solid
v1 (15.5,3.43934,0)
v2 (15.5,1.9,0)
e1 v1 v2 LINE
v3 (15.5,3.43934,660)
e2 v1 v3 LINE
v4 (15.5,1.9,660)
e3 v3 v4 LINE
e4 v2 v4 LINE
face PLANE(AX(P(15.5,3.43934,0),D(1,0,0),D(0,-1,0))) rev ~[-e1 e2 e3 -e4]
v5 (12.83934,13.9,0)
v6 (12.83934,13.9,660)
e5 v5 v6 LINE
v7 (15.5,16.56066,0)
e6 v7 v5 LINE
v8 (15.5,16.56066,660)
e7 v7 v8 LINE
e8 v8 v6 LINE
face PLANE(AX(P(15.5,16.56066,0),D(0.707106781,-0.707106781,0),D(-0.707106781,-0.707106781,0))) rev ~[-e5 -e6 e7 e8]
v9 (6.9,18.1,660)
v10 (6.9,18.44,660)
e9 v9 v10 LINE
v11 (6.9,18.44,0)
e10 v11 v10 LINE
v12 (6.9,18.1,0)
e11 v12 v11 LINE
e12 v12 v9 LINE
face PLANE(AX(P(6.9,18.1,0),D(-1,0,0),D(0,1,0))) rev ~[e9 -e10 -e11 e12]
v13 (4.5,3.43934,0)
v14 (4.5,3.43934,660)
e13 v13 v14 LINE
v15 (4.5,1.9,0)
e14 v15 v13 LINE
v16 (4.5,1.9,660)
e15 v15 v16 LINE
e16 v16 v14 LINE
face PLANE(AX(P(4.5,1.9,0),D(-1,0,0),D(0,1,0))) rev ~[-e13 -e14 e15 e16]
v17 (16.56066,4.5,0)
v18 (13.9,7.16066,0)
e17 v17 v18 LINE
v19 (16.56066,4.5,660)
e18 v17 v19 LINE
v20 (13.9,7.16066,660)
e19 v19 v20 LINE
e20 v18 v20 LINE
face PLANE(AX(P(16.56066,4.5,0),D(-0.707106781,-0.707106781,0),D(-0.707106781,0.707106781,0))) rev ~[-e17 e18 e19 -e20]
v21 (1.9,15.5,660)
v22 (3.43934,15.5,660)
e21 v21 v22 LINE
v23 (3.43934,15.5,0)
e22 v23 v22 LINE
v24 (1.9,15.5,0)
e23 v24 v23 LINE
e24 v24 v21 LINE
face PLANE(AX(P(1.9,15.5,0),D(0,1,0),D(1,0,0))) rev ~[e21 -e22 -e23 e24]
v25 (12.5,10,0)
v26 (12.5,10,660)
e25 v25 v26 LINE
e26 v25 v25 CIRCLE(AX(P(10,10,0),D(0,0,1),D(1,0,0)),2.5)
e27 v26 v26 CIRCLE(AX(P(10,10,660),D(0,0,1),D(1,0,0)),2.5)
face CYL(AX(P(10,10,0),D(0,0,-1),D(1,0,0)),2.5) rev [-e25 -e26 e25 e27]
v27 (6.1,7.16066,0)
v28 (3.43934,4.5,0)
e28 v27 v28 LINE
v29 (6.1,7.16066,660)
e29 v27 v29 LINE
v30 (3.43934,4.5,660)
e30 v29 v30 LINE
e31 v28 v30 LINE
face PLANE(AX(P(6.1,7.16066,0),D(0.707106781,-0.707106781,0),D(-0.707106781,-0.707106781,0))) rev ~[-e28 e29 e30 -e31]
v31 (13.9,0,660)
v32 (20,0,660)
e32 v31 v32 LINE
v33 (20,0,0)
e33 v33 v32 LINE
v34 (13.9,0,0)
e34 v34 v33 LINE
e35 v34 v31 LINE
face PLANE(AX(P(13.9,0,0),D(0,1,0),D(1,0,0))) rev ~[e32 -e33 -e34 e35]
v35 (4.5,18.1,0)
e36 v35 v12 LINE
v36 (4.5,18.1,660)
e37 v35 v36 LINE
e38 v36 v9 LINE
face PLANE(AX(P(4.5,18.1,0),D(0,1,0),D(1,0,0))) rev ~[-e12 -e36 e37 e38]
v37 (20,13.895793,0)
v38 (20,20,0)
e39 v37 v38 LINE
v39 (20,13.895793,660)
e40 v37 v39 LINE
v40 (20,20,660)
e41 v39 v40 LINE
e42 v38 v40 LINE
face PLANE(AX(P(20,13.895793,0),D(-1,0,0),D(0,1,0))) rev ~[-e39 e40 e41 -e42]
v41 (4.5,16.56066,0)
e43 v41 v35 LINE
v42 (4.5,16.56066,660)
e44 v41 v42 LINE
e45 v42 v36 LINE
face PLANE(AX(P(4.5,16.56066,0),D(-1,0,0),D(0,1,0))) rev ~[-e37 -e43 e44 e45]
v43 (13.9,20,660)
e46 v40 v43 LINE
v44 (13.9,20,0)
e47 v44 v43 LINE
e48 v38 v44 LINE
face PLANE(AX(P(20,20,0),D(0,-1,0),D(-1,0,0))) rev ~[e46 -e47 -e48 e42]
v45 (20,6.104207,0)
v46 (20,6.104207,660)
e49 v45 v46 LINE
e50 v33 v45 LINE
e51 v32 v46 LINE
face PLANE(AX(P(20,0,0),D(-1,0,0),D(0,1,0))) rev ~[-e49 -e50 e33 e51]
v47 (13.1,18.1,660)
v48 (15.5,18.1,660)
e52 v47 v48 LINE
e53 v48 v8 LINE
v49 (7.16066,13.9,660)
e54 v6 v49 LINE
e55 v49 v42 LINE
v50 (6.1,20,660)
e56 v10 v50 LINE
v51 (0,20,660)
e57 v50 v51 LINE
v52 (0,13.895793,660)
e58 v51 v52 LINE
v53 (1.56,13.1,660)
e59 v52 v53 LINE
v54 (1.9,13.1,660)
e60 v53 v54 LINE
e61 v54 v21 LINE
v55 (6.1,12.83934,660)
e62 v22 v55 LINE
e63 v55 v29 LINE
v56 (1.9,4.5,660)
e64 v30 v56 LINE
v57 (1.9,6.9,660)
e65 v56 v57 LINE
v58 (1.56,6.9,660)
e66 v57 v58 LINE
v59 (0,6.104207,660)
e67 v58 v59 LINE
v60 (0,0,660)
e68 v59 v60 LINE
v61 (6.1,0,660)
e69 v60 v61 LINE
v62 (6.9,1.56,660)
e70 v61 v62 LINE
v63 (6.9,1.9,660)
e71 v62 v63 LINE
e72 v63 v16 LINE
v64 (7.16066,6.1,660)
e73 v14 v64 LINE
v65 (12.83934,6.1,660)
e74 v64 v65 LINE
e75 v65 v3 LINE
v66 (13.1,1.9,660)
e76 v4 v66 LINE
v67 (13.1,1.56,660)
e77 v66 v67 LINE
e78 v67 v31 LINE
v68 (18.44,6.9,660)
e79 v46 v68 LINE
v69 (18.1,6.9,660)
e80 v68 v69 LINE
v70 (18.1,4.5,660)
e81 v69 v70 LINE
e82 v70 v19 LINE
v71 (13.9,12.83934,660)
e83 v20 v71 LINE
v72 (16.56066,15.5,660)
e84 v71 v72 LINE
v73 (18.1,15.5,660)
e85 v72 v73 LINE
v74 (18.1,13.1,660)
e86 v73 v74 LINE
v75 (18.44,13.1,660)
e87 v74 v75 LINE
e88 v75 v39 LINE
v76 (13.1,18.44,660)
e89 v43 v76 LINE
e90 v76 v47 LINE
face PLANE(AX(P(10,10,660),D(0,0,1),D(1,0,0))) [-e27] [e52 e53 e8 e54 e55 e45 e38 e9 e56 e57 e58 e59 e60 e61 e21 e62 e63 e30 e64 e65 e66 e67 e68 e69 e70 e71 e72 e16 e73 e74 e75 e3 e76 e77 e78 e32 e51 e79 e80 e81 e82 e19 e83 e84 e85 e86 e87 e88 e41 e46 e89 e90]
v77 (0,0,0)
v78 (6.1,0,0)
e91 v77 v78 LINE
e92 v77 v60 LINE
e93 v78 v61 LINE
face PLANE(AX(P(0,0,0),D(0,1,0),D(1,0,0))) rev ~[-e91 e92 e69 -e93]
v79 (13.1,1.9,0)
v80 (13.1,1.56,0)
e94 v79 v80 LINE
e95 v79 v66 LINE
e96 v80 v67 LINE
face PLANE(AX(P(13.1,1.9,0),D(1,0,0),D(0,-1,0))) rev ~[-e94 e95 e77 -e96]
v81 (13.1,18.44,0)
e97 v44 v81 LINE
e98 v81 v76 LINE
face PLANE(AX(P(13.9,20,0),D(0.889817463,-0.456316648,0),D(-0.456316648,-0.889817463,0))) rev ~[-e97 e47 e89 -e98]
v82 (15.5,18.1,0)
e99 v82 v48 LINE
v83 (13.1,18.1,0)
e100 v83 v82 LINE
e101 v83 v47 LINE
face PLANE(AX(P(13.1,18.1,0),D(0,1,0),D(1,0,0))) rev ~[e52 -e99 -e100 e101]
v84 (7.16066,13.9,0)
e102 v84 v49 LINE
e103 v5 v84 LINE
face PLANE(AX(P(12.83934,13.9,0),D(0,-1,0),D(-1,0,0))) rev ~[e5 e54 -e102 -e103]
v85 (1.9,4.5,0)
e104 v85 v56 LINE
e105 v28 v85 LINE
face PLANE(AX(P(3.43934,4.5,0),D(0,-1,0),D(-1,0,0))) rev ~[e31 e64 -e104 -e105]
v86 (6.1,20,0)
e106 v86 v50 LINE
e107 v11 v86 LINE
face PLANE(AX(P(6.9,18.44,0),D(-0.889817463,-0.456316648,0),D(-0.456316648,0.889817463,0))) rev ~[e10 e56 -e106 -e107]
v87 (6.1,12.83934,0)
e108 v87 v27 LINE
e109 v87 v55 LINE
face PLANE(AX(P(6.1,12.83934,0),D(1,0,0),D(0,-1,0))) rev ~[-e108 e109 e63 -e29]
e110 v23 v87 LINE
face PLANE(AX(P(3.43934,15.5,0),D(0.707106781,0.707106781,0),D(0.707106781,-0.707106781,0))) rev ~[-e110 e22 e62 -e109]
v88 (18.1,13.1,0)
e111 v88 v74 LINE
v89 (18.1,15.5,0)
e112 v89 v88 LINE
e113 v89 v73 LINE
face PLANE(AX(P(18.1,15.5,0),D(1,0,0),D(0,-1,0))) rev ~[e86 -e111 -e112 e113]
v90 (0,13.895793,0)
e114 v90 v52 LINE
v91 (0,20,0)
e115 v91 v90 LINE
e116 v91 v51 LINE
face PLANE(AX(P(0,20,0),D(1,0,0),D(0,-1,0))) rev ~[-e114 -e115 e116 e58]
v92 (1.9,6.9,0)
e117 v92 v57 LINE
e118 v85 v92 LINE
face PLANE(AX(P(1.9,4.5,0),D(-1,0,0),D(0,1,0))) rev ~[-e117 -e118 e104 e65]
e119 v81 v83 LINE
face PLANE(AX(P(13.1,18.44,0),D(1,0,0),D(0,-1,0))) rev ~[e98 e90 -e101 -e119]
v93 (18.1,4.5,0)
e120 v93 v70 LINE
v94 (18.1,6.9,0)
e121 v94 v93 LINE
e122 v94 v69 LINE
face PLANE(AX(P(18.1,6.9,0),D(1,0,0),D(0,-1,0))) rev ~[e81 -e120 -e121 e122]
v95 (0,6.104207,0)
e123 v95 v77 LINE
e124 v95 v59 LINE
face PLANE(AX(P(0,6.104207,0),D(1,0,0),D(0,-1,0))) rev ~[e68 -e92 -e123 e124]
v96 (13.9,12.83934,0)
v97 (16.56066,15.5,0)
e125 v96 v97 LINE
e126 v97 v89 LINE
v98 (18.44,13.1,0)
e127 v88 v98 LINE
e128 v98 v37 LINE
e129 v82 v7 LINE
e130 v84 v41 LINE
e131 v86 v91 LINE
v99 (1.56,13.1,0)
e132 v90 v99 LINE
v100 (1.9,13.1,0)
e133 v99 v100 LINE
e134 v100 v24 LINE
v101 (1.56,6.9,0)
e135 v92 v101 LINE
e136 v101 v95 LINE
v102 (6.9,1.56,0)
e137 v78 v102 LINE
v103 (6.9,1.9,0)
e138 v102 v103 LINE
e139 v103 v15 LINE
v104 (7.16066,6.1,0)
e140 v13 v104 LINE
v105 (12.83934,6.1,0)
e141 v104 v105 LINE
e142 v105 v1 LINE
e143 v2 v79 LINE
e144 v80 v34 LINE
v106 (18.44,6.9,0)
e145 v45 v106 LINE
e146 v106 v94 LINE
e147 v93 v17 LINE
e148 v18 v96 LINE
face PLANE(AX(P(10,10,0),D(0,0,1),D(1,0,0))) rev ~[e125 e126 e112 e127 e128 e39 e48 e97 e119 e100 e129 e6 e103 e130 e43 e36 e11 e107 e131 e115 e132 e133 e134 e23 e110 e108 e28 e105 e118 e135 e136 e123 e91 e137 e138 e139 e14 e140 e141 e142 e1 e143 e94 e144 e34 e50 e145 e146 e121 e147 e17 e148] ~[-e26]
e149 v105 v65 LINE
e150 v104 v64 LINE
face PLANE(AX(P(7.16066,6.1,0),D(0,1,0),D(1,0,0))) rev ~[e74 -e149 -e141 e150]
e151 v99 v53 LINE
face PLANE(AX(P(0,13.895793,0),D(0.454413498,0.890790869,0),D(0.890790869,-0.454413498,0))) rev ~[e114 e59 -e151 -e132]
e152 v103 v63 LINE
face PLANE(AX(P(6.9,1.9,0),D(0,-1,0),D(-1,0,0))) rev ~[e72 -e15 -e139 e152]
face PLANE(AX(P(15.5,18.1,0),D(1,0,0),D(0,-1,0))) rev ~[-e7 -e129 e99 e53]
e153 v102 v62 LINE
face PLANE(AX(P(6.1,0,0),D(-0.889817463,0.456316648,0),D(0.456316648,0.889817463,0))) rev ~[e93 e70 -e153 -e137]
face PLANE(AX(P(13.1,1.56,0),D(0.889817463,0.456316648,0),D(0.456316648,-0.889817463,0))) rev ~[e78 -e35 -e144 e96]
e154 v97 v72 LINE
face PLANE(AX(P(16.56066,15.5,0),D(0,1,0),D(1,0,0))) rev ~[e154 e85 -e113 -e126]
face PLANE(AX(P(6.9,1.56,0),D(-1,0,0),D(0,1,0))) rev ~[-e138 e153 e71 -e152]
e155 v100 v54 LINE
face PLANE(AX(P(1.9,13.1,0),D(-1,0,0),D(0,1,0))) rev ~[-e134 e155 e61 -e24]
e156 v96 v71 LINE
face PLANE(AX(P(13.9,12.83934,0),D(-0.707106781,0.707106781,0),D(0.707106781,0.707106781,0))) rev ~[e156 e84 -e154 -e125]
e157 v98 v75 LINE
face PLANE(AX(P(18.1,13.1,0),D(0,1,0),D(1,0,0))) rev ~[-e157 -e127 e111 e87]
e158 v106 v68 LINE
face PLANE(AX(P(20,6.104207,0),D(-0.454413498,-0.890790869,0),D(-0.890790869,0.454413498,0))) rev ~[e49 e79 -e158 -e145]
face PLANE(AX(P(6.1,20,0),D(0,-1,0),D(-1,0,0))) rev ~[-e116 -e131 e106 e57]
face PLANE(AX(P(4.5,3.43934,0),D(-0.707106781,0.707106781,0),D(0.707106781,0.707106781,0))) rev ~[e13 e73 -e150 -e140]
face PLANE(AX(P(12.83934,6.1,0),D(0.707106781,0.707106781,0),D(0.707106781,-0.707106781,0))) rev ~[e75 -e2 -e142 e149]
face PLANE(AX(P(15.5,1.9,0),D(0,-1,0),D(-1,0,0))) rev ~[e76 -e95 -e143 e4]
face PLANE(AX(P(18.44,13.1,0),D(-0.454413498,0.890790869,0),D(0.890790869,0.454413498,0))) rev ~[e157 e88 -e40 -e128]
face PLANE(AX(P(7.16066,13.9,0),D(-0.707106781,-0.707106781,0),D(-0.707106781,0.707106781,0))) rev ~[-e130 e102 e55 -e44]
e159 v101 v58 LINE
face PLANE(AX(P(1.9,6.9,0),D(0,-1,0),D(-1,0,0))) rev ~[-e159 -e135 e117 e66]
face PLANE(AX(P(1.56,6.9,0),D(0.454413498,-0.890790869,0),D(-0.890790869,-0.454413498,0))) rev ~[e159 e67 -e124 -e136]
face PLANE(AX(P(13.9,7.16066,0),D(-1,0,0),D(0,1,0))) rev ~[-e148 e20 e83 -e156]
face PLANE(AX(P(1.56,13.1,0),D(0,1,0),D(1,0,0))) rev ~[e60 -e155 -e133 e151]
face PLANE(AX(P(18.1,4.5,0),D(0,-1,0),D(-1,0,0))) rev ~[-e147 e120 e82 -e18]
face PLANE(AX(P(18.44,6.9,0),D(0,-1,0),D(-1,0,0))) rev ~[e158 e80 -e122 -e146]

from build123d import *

# Parameters (mm, degrees)
SKETCH1_R           = 2.5
BOSS_EXTRUDE1_DEPTH = 660


with BuildPart() as part:
    # Sketch1 → Boss-Extrude1 (new body)
    with BuildSketch(Plane.XY):
        Polygon((6.1, 20), (0, 20), (0, 13.895792909), (1.56, 13.1), (1.9, 13.1), (1.9, 15.5), (3.439339828, 15.5), (6.1, 12.839339828), (6.1, 7.160660172), (3.439339828, 4.5), (1.9, 4.5), (1.9, 6.9), (1.56, 6.9), (0, 6.104207091), (0, 0), (6.1, 0), (6.9, 1.56), (6.9, 1.9), (4.5, 1.9), (4.5, 3.439339828), (7.160660172, 6.1), (12.839339828, 6.1), (15.5, 3.439339828), (15.5, 1.9), (13.1, 1.9), (13.1, 1.56), (13.9, 0), (20, 0), (20, 6.104207091), (18.44, 6.9), (18.1, 6.9), (18.1, 4.5), (16.560660172, 4.5), (13.9, 7.160660172), (13.9, 12.839339828), (16.560660172, 15.5), (18.1, 15.5), (18.1, 13.1), (18.44, 13.1), (20, 13.895792909), (20, 20), (13.9, 20), (13.1, 18.44), (13.1, 18.1), (15.5, 18.1), (15.5, 16.560660172), (12.839339828, 13.9), (7.160660172, 13.9), (4.5, 16.560660172), (4.5, 18.1), (6.9, 18.1), (6.9, 18.44), align=None)
        with Locations((10, 10)):
            Circle(SKETCH1_R, mode=Mode.SUBTRACT)
    extrude(amount=BOSS_EXTRUDE1_DEPTH)


solid = part.part
